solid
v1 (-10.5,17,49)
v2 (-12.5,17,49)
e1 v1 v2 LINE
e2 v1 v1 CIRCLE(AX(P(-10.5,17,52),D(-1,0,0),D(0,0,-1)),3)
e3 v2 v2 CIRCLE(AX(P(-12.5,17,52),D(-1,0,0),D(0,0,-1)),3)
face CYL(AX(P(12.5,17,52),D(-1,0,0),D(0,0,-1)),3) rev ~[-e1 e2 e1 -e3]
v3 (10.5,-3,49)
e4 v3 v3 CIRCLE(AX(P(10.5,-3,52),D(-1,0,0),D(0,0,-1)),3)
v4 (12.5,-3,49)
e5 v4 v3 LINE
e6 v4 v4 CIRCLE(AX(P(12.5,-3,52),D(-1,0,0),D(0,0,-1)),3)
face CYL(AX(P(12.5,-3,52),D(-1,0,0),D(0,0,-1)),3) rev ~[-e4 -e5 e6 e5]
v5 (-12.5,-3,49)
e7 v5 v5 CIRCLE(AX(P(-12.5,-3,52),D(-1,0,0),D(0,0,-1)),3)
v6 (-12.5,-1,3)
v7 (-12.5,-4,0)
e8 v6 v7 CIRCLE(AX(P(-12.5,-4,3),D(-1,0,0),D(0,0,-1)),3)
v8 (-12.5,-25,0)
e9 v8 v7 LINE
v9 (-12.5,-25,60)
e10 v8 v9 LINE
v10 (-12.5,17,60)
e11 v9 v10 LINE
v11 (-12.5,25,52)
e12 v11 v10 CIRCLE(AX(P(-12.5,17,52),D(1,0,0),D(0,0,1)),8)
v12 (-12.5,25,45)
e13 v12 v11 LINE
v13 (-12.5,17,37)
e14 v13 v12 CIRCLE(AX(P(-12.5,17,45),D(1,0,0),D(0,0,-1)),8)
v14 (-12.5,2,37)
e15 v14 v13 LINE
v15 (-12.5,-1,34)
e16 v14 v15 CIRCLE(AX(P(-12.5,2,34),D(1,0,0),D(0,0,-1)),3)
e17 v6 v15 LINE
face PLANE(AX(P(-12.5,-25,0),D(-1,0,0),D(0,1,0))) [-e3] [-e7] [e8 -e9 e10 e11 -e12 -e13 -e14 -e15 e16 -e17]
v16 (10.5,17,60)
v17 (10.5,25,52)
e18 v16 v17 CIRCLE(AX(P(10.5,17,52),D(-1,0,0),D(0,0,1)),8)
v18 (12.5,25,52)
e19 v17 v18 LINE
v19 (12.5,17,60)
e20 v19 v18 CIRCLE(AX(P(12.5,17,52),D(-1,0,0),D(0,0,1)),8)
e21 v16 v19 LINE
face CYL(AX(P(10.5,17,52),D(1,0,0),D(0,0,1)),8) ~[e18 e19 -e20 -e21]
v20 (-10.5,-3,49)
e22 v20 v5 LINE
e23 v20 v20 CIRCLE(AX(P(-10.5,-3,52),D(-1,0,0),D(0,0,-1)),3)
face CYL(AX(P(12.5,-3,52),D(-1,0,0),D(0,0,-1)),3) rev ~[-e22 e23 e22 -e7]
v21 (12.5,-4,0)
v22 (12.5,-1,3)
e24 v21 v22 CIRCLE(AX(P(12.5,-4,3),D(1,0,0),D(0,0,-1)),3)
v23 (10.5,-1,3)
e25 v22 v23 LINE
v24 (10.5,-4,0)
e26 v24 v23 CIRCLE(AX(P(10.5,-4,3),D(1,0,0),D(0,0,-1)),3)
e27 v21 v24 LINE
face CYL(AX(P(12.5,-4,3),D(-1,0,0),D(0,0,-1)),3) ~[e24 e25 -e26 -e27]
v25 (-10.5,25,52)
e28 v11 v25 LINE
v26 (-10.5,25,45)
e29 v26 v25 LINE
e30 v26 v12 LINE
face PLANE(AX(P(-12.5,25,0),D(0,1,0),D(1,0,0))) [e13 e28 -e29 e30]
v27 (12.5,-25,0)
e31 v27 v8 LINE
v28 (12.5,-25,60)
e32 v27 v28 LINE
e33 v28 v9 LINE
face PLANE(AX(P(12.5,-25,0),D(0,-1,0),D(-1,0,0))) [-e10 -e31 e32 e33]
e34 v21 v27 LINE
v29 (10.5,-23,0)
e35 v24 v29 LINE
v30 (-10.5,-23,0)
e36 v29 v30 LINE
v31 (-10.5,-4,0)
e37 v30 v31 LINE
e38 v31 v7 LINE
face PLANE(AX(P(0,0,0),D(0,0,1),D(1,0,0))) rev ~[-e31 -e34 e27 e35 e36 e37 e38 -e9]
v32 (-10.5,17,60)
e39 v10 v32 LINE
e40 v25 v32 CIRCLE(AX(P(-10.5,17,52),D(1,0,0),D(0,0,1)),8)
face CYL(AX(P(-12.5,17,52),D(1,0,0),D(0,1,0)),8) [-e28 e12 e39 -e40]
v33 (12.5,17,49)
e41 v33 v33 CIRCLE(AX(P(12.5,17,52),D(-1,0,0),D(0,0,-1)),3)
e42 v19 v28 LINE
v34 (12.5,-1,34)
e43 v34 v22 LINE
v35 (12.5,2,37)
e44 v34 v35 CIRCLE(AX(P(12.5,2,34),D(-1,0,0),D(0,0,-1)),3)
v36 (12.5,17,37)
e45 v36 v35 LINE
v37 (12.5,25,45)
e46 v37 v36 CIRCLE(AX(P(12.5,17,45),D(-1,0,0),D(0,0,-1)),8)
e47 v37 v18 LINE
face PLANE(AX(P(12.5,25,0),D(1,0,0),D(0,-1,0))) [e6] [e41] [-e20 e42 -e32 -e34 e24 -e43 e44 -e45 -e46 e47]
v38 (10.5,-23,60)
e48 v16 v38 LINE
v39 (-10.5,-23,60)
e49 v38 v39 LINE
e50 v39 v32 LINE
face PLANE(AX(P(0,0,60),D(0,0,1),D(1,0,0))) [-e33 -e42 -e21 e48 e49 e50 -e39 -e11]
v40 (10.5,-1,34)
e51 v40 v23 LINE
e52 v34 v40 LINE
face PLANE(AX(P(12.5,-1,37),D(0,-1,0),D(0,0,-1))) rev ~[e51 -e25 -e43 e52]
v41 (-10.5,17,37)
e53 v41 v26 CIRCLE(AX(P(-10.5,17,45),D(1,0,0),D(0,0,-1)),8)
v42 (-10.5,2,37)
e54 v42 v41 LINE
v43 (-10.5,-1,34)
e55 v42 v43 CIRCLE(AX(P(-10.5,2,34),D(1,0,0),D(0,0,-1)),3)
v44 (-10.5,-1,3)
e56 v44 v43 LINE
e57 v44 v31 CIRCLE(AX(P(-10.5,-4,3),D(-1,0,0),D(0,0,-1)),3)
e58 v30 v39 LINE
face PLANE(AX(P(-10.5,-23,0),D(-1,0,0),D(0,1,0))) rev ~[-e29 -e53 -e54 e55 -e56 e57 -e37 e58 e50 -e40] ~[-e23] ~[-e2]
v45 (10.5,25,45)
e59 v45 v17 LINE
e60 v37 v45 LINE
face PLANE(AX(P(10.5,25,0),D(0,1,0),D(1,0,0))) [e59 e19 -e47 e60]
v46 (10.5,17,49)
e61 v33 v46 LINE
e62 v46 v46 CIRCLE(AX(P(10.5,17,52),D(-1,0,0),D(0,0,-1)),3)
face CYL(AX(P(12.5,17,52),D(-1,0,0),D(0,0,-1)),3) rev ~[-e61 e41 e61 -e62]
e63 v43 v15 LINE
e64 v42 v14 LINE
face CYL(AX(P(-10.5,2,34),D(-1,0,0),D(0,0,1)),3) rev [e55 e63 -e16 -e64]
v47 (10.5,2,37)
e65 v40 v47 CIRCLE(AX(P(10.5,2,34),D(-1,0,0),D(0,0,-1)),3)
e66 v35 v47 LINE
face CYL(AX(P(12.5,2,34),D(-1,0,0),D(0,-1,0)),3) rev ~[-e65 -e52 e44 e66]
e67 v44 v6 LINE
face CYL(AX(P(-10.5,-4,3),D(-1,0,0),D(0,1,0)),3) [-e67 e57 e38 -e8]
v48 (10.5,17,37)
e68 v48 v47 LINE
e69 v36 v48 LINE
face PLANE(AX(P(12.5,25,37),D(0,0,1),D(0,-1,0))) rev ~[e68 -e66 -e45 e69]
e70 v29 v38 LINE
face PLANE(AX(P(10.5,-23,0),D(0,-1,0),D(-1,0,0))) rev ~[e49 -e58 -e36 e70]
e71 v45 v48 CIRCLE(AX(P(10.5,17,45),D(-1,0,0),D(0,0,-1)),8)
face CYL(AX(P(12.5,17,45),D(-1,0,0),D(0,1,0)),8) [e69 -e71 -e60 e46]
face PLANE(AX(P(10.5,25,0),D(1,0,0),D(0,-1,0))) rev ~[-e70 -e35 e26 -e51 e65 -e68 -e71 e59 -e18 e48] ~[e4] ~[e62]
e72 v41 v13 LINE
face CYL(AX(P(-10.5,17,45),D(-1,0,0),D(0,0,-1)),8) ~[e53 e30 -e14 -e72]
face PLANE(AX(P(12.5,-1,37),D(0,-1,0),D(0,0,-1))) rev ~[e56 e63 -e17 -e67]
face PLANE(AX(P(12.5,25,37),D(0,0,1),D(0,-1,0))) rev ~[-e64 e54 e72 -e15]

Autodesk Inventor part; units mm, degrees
ref_plane "YZ Plane" through (0, 0, 0) normal (1, 0, 0) x (0, 1, 0)
ref_plane "XZ Plane" through (0, 0, 0) normal (0, 1, 0) x (-1, 0, 0)
ref_plane "XY Plane" through (0, 0, 0) normal (0, 0, 1) x (1, 0, 0)
sketch "スケッチ1" plane through (0, 0, 0) normal (0, 0, 1) x (1, 0, 0)
  line L0 (-12.5, 25) -> (12.5, 25)
  line L1 (12.5, 25) -> (12.5, -25)
  line L2 (12.5, -25) -> (-12.5, -25)
  line L3 (-12.5, -25) -> (-12.5, 25)
  line L4 (-10.5, 25) -> (10.5, 25)
  line L5 (10.5, 25) -> (10.5, -23)
  line L6 (10.5, -23) -> (-10.5, -23)
  line L7 (-10.5, -23) -> (-10.5, 25)
  point P0 (0, 0)
  dimension "d0" = 25
  dimension "d1" = 50
  dimension "d2" = 25
  dimension "d3" = 12.5
  dimension "d4" = 2
  dimension "d5" = 2
  dimension "d6" = 2
extrude "押し出し1" add sketch "スケッチ1" along normal blind 60 contours L0 L7 L6 L5 L1 L2 L3
sketch "スケッチ2" plane through (12.5, -25, 0) normal (1, 0, 0) x (0, 0, -1)
  line L0 (0, 50) -> (-60, 50) projected
  line L1 (-30, 50) -> (-30, 0)
  line L2 (0, 0) -> (-60, 0) projected
  line L3 (-60, 50) -> (-60, 0) projected
  point P0 (0, 25)
  point P1 (-52, 42)
  point P2 (-52, 22)
  dimension "d12" = 8
  dimension "d76" = 8
  dimension "d85" = 8
  dimension "d86" = 20
hole "Hole1" at (12.5, 17, 52) at (12.5, -3, 52) direction (-1, 0, 0) diameter 6 end through all
sketch "スケッチ9" plane through (12.5, -25, 0) normal (1, 0, 0) x (0, 0, -1)
  circle A0 centre (-52, 22) radius 3 projected
  line L0 (0, 50) -> (-37, 50)
  line L1 (-37, 50) -> (-37, 24)
  line L2 (-37, 24) -> (0, 24)
  line L3 (0, 24) -> (0, 50)
  line L4 (0, 2) -> (-60, 2) projected
  point P0 (0, 25)
  dimension "d77" = 15
  dimension "d78" = 22
extrude "押し出し5" cut sketch "スケッチ9" against normal through all contours L3 L2 L1 L0
fillet "フィレット5" radius 3 2 edges at (11.5, -1, 37) (-11.5, -1, 37)
fillet "フィレット6" radius 8 4 edges at (-11.5, 25, 60) (11.5, 25, 60) (11.5, 25, 37) (-11.5, 25, 37)
fillet "フィレット7" radius 3 2 edges at (11.5, -1, 0) (-11.5, -1, 0)
equation "\"d1\" = 2 * d0"
equation "\"d2\" = 0.5 * d1"
equation "\"d3\" = 0.5 * d0"
equation "\"d4\" = d5"
equation "\"d6\" = d5"
equation "\"d12\" = d11"
equation "\"d76\" = d11"
equation "\"d85\" = d76"
equation "\"d11\" = 8"
properties part number "CounterWeight" material "アルミニウム 6061"
